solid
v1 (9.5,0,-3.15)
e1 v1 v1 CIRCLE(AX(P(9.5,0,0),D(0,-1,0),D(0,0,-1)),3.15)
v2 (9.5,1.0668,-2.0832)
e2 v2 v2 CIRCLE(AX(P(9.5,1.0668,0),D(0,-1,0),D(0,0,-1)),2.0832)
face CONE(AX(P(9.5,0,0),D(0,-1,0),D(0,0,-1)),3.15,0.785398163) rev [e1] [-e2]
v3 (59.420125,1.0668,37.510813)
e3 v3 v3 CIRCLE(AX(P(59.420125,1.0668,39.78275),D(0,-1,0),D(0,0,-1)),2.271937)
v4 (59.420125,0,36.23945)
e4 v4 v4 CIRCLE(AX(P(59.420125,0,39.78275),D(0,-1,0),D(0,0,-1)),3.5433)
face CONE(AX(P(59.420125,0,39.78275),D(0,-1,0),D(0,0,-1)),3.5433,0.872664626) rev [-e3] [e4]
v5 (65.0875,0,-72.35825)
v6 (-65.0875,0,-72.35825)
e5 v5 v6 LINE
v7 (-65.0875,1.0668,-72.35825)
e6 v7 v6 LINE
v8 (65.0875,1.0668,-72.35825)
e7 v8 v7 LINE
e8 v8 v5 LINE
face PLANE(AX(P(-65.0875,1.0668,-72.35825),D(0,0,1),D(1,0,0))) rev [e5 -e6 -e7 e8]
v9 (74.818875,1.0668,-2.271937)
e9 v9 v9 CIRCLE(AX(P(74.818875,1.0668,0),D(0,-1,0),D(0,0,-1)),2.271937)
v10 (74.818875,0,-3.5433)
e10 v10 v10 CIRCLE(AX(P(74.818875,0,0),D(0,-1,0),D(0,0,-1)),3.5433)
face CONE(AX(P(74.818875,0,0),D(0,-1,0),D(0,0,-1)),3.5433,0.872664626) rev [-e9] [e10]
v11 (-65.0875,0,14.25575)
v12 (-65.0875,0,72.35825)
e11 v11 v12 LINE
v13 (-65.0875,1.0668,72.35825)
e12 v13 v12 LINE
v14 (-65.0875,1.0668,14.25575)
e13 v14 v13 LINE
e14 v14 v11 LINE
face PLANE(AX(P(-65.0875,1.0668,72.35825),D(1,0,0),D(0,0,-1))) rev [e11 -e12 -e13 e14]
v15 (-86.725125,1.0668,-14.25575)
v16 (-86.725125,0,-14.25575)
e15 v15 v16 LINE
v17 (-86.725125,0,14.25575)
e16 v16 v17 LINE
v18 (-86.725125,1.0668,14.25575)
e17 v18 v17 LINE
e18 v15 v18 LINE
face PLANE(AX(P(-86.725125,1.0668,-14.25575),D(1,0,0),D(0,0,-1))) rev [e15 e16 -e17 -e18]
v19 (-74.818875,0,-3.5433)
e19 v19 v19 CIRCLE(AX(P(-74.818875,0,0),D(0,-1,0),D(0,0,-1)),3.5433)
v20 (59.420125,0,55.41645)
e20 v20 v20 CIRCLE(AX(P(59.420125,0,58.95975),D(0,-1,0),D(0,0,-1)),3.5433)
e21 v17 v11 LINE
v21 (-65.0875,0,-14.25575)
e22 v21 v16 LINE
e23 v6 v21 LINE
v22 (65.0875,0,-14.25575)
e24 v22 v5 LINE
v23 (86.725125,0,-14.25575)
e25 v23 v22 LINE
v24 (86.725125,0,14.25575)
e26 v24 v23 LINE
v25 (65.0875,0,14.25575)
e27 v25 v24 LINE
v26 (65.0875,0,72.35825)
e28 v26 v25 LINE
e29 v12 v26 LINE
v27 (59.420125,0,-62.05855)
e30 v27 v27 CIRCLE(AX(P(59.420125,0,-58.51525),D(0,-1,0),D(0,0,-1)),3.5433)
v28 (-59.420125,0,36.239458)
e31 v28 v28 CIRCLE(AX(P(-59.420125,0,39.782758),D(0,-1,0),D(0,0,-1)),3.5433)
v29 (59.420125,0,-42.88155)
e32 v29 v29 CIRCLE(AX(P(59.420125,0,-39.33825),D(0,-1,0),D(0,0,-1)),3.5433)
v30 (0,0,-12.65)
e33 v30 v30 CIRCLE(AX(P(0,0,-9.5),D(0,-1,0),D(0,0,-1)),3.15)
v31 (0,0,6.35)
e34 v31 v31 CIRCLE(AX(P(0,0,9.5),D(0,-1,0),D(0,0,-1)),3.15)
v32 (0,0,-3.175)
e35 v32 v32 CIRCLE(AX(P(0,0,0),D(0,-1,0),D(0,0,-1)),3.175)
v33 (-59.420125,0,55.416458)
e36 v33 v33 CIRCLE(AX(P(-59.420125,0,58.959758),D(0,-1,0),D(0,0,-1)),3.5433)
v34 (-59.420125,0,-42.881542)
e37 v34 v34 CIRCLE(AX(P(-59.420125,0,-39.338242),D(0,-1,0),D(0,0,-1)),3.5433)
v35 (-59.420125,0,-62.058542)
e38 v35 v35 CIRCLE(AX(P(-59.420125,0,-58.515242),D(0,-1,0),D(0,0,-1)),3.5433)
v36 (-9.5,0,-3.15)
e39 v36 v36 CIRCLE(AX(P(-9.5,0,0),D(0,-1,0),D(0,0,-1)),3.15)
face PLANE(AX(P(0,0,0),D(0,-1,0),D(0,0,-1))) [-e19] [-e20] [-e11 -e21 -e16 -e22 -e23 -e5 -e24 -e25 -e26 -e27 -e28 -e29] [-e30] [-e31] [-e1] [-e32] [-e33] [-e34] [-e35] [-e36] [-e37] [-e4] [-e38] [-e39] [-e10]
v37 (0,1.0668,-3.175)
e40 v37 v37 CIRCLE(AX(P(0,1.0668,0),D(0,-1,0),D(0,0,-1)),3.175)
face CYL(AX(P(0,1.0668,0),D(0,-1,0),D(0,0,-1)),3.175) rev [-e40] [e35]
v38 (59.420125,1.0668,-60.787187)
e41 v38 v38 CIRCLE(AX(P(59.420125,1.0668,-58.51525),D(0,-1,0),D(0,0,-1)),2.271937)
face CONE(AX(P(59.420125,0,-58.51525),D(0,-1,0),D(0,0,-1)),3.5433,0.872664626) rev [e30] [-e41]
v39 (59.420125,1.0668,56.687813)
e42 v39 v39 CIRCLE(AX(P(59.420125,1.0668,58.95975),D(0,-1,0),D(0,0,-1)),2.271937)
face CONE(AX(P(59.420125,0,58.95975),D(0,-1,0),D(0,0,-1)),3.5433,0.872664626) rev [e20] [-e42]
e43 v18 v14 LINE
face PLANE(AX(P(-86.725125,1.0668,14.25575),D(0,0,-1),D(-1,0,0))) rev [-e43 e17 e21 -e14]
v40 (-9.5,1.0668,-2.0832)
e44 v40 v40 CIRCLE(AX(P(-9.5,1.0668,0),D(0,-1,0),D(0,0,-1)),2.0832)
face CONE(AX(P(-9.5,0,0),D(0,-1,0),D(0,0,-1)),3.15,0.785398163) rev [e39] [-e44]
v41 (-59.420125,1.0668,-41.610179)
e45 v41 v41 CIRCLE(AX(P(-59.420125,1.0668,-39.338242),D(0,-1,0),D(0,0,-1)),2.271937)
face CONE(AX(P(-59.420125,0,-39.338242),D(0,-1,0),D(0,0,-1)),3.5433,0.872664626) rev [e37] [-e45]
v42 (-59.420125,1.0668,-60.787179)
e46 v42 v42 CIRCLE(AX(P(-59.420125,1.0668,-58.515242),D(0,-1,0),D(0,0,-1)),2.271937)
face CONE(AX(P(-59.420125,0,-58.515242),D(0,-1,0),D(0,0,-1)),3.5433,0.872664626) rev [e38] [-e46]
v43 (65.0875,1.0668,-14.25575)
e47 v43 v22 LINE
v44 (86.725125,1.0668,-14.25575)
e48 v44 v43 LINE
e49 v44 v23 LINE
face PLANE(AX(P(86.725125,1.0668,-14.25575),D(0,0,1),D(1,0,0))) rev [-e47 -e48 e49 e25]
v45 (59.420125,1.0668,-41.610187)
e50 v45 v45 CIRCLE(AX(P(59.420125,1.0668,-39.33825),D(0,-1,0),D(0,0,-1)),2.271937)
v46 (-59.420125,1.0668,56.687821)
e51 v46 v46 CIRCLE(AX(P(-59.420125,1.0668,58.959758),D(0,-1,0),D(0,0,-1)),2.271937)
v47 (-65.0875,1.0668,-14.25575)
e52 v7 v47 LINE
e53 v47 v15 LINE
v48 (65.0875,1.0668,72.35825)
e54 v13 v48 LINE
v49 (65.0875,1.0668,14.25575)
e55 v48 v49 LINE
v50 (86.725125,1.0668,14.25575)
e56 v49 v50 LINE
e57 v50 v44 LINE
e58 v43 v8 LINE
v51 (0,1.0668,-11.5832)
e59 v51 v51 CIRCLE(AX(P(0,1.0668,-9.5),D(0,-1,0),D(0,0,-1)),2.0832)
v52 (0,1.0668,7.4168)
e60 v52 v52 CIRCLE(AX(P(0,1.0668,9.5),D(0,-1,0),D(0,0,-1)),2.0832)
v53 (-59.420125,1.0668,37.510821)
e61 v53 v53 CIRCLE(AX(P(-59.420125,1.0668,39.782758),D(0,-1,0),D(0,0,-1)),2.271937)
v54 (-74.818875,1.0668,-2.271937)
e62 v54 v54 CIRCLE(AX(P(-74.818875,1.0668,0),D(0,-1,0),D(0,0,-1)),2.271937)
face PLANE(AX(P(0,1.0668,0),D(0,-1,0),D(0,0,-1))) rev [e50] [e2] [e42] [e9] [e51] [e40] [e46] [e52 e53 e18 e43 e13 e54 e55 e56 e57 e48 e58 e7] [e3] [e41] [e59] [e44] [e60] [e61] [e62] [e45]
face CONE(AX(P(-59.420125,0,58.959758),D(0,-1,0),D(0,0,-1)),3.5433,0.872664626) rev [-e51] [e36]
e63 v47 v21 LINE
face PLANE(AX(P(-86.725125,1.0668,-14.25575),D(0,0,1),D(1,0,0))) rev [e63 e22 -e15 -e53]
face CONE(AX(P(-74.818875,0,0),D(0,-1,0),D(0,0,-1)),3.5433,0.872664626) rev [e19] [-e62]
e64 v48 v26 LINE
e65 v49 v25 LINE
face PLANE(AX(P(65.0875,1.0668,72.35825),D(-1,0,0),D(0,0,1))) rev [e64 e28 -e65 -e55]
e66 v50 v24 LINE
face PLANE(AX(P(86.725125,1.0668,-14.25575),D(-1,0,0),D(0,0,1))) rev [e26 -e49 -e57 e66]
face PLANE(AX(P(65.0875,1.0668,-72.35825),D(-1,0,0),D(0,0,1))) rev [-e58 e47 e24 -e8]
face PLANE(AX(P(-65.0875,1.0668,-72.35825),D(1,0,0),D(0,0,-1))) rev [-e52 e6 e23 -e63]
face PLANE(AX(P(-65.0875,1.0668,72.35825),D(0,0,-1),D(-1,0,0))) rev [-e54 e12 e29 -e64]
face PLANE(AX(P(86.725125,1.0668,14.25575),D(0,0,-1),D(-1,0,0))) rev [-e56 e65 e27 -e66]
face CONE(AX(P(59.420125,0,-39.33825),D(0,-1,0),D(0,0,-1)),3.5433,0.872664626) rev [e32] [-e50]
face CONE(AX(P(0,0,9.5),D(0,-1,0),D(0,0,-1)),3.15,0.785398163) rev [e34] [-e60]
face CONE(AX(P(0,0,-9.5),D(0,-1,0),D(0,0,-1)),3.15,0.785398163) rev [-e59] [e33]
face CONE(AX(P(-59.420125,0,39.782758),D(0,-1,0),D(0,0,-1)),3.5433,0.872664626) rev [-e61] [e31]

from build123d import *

# Parameters (mm, degrees)
BOSS_EXTRUDE1_DEPTH                            = 1.0668
CSK_FOR_6_FLAT_HEAD_MACHINE_SCREW_2_COUNT      = 2
CSK_FOR_6_FLAT_HEAD_MACHINE_SCREW_2_PITCH      = 117.475
CSK_FOR_6_FLAT_HEAD_MACHINE_SCREW_3_COUNT      = 2
CSK_FOR_6_FLAT_HEAD_MACHINE_SCREW_3_PITCH      = 167.102910264
CSK_FOR_6_FLAT_HEAD_MACHINE_SCREW_4_COUNT      = 2
CSK_FOR_6_FLAT_HEAD_MACHINE_SCREW_4_PITCH      = 118.84025
CSK_FOR_6_FLAT_HEAD_MACHINE_SCREW_5_COUNT      = 2
CSK_FOR_6_FLAT_HEAD_MACHINE_SCREW_5_PITCH      = 120.377583757
CSK_FOR_6_FLAT_HEAD_MACHINE_SCREW_6_COUNT      = 2
CSK_FOR_6_FLAT_HEAD_MACHINE_SCREW_6_PITCH      = 98.298
CSK_FOR_6_FLAT_HEAD_MACHINE_SCREW_7_COUNT      = 2
CSK_FOR_6_FLAT_HEAD_MACHINE_SCREW_7_PITCH      = 154.225495543
CSK_FOR_6_FLAT_HEAD_MACHINE_SCREW_8_COUNT      = 2
CSK_FOR_6_FLAT_HEAD_MACHINE_SCREW_8_PITCH      = 19.177
CSK_FOR_6_FLAT_HEAD_MACHINE_SCREW_9_COUNT      = 2
CSK_FOR_6_FLAT_HEAD_MACHINE_SCREW_9_PITCH      = 60.937464766
CSK_FOR_6_FLAT_HEAD_MACHINE_SCREW_10_COUNT     = 2
CSK_FOR_6_FLAT_HEAD_MACHINE_SCREW_10_PITCH     = 146.616377774
SKETCH4_R                                      = 3.175
CUT_EXTRUDE1_DEPTH                             = 113.951767191
CSK_FOR_M3_FLAT_HEAD_MACHINE_SCREW2_AT_2_COUNT = 2
CSK_FOR_M3_FLAT_HEAD_MACHINE_SCREW2_AT_2_PITCH = 19
CSK_FOR_M3_FLAT_HEAD_MACHINE_SCREW2_AT_3_COUNT = 2
CSK_FOR_M3_FLAT_HEAD_MACHINE_SCREW2_AT_3_PITCH = 13.435028843
CSK_FOR_M3_FLAT_HEAD_MACHINE_SCREW2_AT_4_COUNT = 2
CSK_FOR_M3_FLAT_HEAD_MACHINE_SCREW2_AT_4_PITCH = 13.435028843


with BuildPart() as part:
    # Sketch1 → Boss-Extrude1 (new body)
    with BuildSketch(Plane(origin=(0, 0, 0), x_dir=(1, 0, 0), z_dir=(0, 1, 0))):
        Polygon((-65.0875, 72.35825), (65.0875, 72.35825), (65.0875, 14.25575), (86.725125, 14.25575), (86.725125, -14.25575), (65.0875, -14.25575), (65.0875, -72.35825), (-65.0875, -72.35825), (-65.0875, -14.25575), (-86.725125, -14.25575), (-86.725125, 14.25575), (-65.0875, 14.25575), align=None)
    extrude(amount=BOSS_EXTRUDE1_DEPTH)

    # Sketch2 → CSK for #6 Flat Head Machine Screw (100)1 (revolve, cut)
    with BuildSketch(Plane(origin=(-59.420125, 0, 58.9597584), x_dir=(0, 0, -1), z_dir=(1, 0, 0))):
        Polygon((0, 0), (0, 1.0668), (1.89865, 1.0668), (1.89865, 1.380025208), (3.5433, 0), align=None)
    csk_for_6_flat_head_machine_screw_100 = revolve(axis=Axis((-59.420125, -6.35, 58.9597584), (0, 1, 0)), mode=Mode.SUBTRACT)

    # CSK for _6 Flat Head Machine Screw _ 2: CSK for #6 Flat Head Machine Screw (100)1 ×2
    with Locations(*[(0, 0, -i * CSK_FOR_6_FLAT_HEAD_MACHINE_SCREW_2_PITCH) for i in range(1, CSK_FOR_6_FLAT_HEAD_MACHINE_SCREW_2_COUNT)]):
        add(csk_for_6_flat_head_machine_screw_100, mode=Mode.SUBTRACT)

    # CSK for _6 Flat Head Machine Screw _ 3: CSK for #6 Flat Head Machine Screw (100)1 ×2
    with Locations(*[Vector(0.7111800136357133, 0, -0.7030099488663775) * (i * CSK_FOR_6_FLAT_HEAD_MACHINE_SCREW_3_PITCH) for i in range(1, CSK_FOR_6_FLAT_HEAD_MACHINE_SCREW_3_COUNT)]):
        add(csk_for_6_flat_head_machine_screw_100, mode=Mode.SUBTRACT)

    # CSK for _6 Flat Head Machine Screw _ 4: CSK for #6 Flat Head Machine Screw (100)1 ×2
    with Locations(*[(i * CSK_FOR_6_FLAT_HEAD_MACHINE_SCREW_4_PITCH, 0, 0) for i in range(1, CSK_FOR_6_FLAT_HEAD_MACHINE_SCREW_4_COUNT)]):
        add(csk_for_6_flat_head_machine_screw_100, mode=Mode.SUBTRACT)

    # CSK for _6 Flat Head Machine Screw _ 5: CSK for #6 Flat Head Machine Screw (100)1 ×2
    with Locations(*[Vector(0.9872290694888833, 0, -0.15930713843426378) * (i * CSK_FOR_6_FLAT_HEAD_MACHINE_SCREW_5_PITCH) for i in range(1, CSK_FOR_6_FLAT_HEAD_MACHINE_SCREW_5_COUNT)]):
        add(csk_for_6_flat_head_machine_screw_100, mode=Mode.SUBTRACT)

    # CSK for _6 Flat Head Machine Screw _ 6: CSK for #6 Flat Head Machine Screw (100)1 ×2
    with Locations(*[(0, 0, -i * CSK_FOR_6_FLAT_HEAD_MACHINE_SCREW_6_PITCH) for i in range(1, CSK_FOR_6_FLAT_HEAD_MACHINE_SCREW_6_COUNT)]):
        add(csk_for_6_flat_head_machine_screw_100, mode=Mode.SUBTRACT)

    # CSK for _6 Flat Head Machine Screw _ 7: CSK for #6 Flat Head Machine Screw (100)1 ×2
    with Locations(*[Vector(0.7705616349723654, 0, -0.6373654891102241) * (i * CSK_FOR_6_FLAT_HEAD_MACHINE_SCREW_7_PITCH) for i in range(1, CSK_FOR_6_FLAT_HEAD_MACHINE_SCREW_7_COUNT)]):
        add(csk_for_6_flat_head_machine_screw_100, mode=Mode.SUBTRACT)

    # CSK for _6 Flat Head Machine Screw _ 8: CSK for #6 Flat Head Machine Screw (100)1 ×2
    with Locations(*[(0, 0, -i * CSK_FOR_6_FLAT_HEAD_MACHINE_SCREW_8_PITCH) for i in range(1, CSK_FOR_6_FLAT_HEAD_MACHINE_SCREW_8_COUNT)]):
        add(csk_for_6_flat_head_machine_screw_100, mode=Mode.SUBTRACT)

    # CSK for _6 Flat Head Machine Screw _ 9: CSK for #6 Flat Head Machine Screw (100)1 ×2
    with Locations(*[Vector(-0.2526975820055066, 0, -0.9675453126590869) * (i * CSK_FOR_6_FLAT_HEAD_MACHINE_SCREW_9_PITCH) for i in range(1, CSK_FOR_6_FLAT_HEAD_MACHINE_SCREW_9_COUNT)]):
        add(csk_for_6_flat_head_machine_screw_100, mode=Mode.SUBTRACT)

    # CSK for _6 Flat Head Machine Screw _ 10: CSK for #6 Flat Head Machine Screw (100)1 ×2
    with Locations(*[Vector(0.915579842020543, 0, -0.40213623672287674) * (i * CSK_FOR_6_FLAT_HEAD_MACHINE_SCREW_10_PITCH) for i in range(1, CSK_FOR_6_FLAT_HEAD_MACHINE_SCREW_10_COUNT)]):
        add(csk_for_6_flat_head_machine_screw_100, mode=Mode.SUBTRACT)

    # Sketch4 → Cut-Extrude1 (cut, through all)
    with BuildSketch(Plane.XZ):
        with Locations(Location((0, 0, 0), (0, 0, 270))):
            Circle(SKETCH4_R)
    extrude(amount=-CUT_EXTRUDE1_DEPTH, mode=Mode.SUBTRACT)

    # Sketch5 → CSK for M3 Flat Head Machine Screw2 (revolve, cut)
    with BuildSketch(Plane(origin=(9.5, 0, 0), x_dir=(0, 0, -1), z_dir=(1, 0, 0))):
        Polygon((0, 0), (0, 1.0668), (1.7, 1.0668), (1.7, 1.45), (3.15, 0), align=None)
    csk_for_m3_flat_head_machine_screw2 = revolve(axis=Axis((9.5, -6.35, 0), (0, 1, 0)), mode=Mode.SUBTRACT)

    # CSK for M3 Flat Head Machine Screw2 at 2: CSK for M3 Flat Head Machine Screw2 ×2
    with Locations(*[(-i * CSK_FOR_M3_FLAT_HEAD_MACHINE_SCREW2_AT_2_PITCH, 0, 0) for i in range(1, CSK_FOR_M3_FLAT_HEAD_MACHINE_SCREW2_AT_2_COUNT)]):
        add(csk_for_m3_flat_head_machine_screw2, mode=Mode.SUBTRACT)

    # CSK for M3 Flat Head Machine Screw2 at 3: CSK for M3 Flat Head Machine Screw2 ×2
    with Locations(*[Vector(-0.7071067811865486, 0, -0.7071067811865466) * (i * CSK_FOR_M3_FLAT_HEAD_MACHINE_SCREW2_AT_3_PITCH) for i in range(1, CSK_FOR_M3_FLAT_HEAD_MACHINE_SCREW2_AT_3_COUNT)]):
        add(csk_for_m3_flat_head_machine_screw2, mode=Mode.SUBTRACT)

    # CSK for M3 Flat Head Machine Screw2 at 4: CSK for M3 Flat Head Machine Screw2 ×2
    with Locations(*[Vector(-0.7071067811865486, 0, 0.7071067811865466) * (i * CSK_FOR_M3_FLAT_HEAD_MACHINE_SCREW2_AT_4_PITCH) for i in range(1, CSK_FOR_M3_FLAT_HEAD_MACHINE_SCREW2_AT_4_COUNT)]):
        add(csk_for_m3_flat_head_machine_screw2, mode=Mode.SUBTRACT)


solid = part.part
